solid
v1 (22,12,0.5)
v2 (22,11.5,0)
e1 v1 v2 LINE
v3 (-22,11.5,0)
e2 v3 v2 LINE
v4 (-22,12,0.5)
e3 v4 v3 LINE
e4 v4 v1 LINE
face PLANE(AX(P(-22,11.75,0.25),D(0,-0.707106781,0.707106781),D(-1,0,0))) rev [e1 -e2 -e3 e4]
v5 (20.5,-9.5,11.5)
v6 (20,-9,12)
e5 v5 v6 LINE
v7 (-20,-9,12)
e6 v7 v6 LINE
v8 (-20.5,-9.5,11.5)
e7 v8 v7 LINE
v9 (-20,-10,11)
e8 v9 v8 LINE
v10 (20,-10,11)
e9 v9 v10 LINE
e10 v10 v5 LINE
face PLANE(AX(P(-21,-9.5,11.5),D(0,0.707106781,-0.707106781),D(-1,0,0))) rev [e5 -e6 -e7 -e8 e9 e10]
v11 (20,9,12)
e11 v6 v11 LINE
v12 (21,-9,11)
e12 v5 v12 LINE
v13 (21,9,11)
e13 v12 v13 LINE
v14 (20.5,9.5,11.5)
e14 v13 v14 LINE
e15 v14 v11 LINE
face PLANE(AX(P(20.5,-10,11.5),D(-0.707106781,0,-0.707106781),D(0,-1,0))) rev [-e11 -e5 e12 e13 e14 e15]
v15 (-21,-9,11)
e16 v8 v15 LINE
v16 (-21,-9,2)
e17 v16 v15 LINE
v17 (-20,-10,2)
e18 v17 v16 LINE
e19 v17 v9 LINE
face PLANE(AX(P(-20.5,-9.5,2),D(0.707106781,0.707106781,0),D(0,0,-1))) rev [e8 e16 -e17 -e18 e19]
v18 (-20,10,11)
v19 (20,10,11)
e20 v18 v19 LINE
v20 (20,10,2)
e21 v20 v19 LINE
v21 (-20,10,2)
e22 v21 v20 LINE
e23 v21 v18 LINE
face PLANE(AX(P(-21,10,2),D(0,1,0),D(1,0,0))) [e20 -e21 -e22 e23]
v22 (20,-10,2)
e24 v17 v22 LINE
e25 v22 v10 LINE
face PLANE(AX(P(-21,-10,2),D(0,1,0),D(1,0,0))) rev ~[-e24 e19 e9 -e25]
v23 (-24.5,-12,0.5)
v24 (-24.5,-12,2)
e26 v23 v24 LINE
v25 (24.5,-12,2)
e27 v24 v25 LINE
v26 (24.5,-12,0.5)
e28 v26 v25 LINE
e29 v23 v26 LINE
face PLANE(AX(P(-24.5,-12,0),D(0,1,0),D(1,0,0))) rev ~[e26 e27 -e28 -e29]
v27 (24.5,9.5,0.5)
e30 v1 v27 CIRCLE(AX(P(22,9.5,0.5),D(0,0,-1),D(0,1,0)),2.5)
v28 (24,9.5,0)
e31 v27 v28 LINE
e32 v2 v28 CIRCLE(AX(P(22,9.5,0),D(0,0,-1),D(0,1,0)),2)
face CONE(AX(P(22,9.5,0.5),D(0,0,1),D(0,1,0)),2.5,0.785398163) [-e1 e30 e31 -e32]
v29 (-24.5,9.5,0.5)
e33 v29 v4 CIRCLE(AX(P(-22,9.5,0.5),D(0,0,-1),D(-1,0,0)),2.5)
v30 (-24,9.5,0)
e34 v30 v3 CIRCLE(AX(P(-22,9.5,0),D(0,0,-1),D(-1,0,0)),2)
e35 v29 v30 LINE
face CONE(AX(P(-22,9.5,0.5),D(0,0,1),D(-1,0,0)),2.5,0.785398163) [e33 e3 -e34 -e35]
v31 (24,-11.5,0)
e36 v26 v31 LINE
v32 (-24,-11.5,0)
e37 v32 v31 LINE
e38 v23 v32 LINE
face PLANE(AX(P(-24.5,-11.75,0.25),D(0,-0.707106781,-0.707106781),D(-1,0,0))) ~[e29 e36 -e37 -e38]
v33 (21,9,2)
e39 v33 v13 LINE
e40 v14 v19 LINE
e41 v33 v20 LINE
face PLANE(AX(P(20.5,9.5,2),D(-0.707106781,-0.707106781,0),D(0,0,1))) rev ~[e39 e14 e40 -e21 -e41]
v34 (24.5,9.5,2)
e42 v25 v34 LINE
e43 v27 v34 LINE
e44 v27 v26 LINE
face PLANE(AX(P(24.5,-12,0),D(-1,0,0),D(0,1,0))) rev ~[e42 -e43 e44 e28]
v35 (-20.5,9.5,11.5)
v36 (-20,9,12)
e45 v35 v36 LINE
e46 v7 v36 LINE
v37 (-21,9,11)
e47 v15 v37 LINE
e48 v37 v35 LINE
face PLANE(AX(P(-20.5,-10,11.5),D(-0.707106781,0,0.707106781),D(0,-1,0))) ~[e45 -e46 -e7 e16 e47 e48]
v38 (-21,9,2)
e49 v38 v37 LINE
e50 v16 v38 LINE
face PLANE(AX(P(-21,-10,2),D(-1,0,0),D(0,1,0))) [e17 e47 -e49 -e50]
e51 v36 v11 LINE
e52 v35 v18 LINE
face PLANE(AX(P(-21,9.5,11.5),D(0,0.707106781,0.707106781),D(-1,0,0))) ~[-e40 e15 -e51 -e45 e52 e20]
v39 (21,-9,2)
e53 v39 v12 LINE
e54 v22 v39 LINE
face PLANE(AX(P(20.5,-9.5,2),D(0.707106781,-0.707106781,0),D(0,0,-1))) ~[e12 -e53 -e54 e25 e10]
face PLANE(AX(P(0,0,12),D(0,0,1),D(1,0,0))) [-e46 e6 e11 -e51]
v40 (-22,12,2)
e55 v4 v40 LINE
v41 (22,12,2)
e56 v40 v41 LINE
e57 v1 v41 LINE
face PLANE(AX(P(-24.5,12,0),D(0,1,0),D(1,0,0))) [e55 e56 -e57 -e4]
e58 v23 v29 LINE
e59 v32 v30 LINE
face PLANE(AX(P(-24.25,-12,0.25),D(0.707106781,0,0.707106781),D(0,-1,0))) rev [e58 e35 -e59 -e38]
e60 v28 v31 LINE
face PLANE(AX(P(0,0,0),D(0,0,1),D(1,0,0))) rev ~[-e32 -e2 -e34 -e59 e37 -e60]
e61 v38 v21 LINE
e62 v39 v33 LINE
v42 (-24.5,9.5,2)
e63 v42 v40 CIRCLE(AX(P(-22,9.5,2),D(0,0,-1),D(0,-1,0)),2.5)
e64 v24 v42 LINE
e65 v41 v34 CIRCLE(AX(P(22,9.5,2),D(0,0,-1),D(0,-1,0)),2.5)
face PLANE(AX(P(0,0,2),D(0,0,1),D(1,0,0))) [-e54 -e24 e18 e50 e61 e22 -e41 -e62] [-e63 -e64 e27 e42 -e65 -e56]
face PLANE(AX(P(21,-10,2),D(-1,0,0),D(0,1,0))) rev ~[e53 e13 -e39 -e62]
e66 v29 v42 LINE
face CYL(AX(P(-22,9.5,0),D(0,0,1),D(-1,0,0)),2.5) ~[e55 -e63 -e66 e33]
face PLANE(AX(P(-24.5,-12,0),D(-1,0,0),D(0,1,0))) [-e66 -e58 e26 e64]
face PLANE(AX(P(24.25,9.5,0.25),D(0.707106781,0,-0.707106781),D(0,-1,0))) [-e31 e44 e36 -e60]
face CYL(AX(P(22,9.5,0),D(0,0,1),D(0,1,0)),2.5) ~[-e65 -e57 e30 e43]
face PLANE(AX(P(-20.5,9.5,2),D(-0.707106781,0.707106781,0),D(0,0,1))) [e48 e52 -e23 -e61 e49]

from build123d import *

# Parameters (mm, degrees)
SKETCH_W        = 49
SKETCH_H        = 24
PAD_DEPTH       = 2
SKETCH001_W     = 42
SKETCH001_H     = 20
PAD001_DEPTH    = 10
FILLET_R        = 2.5
CHAMFER_SIZE    = 1
CHAMFER001_SIZE = 1
CHAMFER002_SIZE = 0.5


with BuildPart() as part:
    # Sketch → Pad (new body)
    with BuildSketch(Plane.XY):
        Rectangle(SKETCH_W, SKETCH_H)
    extrude(amount=PAD_DEPTH)

    # Sketch001 (on Face6 of Pad) → Pad001 (join)
    with BuildSketch(Plane.XY.offset(2)):
        Rectangle(SKETCH001_W, SKETCH001_H)
    extrude(amount=PAD001_DEPTH)

    # Fillet
    fillet_edges = [part.edges().sort_by_distance(p)[0] for p in [
        (24.5, 12, 1),
        (-24.5, 12, 1),
    ]]
    fillet(fillet_edges, radius=FILLET_R)

    # Chamfer
    chamfer_edges = [part.edges().sort_by_distance(p)[0] for p in [
        (-21, 0, 12),
        (0, -10, 12),
        (21, 0, 12),
        (0, 10, 12),
    ]]
    chamfer(chamfer_edges, length=CHAMFER_SIZE)

    # Chamfer001
    chamfer001_edges = [part.edges().sort_by_distance(p)[0] for p in [
        (-21, -10, 6.5),
        (-21, 10, 6.5),
        (21, -10, 6.5),
        (21, 10, 6.5),
    ]]
    chamfer(chamfer001_edges, length=CHAMFER001_SIZE)

    # Chamfer002
    chamfer002_edges = [part.edges().sort_by_distance(p)[0] for p in [
        (0, 12, 0),
        (24.5, -1.25, 0),
        (23.767767, 11.267767, 0),
        (-23.767767, 11.267767, 0),
        (-24.5, -1.25, 0),
        (0, -12, 0),
    ]]
    chamfer(chamfer002_edges, length=CHAMFER002_SIZE)


solid = part.part
